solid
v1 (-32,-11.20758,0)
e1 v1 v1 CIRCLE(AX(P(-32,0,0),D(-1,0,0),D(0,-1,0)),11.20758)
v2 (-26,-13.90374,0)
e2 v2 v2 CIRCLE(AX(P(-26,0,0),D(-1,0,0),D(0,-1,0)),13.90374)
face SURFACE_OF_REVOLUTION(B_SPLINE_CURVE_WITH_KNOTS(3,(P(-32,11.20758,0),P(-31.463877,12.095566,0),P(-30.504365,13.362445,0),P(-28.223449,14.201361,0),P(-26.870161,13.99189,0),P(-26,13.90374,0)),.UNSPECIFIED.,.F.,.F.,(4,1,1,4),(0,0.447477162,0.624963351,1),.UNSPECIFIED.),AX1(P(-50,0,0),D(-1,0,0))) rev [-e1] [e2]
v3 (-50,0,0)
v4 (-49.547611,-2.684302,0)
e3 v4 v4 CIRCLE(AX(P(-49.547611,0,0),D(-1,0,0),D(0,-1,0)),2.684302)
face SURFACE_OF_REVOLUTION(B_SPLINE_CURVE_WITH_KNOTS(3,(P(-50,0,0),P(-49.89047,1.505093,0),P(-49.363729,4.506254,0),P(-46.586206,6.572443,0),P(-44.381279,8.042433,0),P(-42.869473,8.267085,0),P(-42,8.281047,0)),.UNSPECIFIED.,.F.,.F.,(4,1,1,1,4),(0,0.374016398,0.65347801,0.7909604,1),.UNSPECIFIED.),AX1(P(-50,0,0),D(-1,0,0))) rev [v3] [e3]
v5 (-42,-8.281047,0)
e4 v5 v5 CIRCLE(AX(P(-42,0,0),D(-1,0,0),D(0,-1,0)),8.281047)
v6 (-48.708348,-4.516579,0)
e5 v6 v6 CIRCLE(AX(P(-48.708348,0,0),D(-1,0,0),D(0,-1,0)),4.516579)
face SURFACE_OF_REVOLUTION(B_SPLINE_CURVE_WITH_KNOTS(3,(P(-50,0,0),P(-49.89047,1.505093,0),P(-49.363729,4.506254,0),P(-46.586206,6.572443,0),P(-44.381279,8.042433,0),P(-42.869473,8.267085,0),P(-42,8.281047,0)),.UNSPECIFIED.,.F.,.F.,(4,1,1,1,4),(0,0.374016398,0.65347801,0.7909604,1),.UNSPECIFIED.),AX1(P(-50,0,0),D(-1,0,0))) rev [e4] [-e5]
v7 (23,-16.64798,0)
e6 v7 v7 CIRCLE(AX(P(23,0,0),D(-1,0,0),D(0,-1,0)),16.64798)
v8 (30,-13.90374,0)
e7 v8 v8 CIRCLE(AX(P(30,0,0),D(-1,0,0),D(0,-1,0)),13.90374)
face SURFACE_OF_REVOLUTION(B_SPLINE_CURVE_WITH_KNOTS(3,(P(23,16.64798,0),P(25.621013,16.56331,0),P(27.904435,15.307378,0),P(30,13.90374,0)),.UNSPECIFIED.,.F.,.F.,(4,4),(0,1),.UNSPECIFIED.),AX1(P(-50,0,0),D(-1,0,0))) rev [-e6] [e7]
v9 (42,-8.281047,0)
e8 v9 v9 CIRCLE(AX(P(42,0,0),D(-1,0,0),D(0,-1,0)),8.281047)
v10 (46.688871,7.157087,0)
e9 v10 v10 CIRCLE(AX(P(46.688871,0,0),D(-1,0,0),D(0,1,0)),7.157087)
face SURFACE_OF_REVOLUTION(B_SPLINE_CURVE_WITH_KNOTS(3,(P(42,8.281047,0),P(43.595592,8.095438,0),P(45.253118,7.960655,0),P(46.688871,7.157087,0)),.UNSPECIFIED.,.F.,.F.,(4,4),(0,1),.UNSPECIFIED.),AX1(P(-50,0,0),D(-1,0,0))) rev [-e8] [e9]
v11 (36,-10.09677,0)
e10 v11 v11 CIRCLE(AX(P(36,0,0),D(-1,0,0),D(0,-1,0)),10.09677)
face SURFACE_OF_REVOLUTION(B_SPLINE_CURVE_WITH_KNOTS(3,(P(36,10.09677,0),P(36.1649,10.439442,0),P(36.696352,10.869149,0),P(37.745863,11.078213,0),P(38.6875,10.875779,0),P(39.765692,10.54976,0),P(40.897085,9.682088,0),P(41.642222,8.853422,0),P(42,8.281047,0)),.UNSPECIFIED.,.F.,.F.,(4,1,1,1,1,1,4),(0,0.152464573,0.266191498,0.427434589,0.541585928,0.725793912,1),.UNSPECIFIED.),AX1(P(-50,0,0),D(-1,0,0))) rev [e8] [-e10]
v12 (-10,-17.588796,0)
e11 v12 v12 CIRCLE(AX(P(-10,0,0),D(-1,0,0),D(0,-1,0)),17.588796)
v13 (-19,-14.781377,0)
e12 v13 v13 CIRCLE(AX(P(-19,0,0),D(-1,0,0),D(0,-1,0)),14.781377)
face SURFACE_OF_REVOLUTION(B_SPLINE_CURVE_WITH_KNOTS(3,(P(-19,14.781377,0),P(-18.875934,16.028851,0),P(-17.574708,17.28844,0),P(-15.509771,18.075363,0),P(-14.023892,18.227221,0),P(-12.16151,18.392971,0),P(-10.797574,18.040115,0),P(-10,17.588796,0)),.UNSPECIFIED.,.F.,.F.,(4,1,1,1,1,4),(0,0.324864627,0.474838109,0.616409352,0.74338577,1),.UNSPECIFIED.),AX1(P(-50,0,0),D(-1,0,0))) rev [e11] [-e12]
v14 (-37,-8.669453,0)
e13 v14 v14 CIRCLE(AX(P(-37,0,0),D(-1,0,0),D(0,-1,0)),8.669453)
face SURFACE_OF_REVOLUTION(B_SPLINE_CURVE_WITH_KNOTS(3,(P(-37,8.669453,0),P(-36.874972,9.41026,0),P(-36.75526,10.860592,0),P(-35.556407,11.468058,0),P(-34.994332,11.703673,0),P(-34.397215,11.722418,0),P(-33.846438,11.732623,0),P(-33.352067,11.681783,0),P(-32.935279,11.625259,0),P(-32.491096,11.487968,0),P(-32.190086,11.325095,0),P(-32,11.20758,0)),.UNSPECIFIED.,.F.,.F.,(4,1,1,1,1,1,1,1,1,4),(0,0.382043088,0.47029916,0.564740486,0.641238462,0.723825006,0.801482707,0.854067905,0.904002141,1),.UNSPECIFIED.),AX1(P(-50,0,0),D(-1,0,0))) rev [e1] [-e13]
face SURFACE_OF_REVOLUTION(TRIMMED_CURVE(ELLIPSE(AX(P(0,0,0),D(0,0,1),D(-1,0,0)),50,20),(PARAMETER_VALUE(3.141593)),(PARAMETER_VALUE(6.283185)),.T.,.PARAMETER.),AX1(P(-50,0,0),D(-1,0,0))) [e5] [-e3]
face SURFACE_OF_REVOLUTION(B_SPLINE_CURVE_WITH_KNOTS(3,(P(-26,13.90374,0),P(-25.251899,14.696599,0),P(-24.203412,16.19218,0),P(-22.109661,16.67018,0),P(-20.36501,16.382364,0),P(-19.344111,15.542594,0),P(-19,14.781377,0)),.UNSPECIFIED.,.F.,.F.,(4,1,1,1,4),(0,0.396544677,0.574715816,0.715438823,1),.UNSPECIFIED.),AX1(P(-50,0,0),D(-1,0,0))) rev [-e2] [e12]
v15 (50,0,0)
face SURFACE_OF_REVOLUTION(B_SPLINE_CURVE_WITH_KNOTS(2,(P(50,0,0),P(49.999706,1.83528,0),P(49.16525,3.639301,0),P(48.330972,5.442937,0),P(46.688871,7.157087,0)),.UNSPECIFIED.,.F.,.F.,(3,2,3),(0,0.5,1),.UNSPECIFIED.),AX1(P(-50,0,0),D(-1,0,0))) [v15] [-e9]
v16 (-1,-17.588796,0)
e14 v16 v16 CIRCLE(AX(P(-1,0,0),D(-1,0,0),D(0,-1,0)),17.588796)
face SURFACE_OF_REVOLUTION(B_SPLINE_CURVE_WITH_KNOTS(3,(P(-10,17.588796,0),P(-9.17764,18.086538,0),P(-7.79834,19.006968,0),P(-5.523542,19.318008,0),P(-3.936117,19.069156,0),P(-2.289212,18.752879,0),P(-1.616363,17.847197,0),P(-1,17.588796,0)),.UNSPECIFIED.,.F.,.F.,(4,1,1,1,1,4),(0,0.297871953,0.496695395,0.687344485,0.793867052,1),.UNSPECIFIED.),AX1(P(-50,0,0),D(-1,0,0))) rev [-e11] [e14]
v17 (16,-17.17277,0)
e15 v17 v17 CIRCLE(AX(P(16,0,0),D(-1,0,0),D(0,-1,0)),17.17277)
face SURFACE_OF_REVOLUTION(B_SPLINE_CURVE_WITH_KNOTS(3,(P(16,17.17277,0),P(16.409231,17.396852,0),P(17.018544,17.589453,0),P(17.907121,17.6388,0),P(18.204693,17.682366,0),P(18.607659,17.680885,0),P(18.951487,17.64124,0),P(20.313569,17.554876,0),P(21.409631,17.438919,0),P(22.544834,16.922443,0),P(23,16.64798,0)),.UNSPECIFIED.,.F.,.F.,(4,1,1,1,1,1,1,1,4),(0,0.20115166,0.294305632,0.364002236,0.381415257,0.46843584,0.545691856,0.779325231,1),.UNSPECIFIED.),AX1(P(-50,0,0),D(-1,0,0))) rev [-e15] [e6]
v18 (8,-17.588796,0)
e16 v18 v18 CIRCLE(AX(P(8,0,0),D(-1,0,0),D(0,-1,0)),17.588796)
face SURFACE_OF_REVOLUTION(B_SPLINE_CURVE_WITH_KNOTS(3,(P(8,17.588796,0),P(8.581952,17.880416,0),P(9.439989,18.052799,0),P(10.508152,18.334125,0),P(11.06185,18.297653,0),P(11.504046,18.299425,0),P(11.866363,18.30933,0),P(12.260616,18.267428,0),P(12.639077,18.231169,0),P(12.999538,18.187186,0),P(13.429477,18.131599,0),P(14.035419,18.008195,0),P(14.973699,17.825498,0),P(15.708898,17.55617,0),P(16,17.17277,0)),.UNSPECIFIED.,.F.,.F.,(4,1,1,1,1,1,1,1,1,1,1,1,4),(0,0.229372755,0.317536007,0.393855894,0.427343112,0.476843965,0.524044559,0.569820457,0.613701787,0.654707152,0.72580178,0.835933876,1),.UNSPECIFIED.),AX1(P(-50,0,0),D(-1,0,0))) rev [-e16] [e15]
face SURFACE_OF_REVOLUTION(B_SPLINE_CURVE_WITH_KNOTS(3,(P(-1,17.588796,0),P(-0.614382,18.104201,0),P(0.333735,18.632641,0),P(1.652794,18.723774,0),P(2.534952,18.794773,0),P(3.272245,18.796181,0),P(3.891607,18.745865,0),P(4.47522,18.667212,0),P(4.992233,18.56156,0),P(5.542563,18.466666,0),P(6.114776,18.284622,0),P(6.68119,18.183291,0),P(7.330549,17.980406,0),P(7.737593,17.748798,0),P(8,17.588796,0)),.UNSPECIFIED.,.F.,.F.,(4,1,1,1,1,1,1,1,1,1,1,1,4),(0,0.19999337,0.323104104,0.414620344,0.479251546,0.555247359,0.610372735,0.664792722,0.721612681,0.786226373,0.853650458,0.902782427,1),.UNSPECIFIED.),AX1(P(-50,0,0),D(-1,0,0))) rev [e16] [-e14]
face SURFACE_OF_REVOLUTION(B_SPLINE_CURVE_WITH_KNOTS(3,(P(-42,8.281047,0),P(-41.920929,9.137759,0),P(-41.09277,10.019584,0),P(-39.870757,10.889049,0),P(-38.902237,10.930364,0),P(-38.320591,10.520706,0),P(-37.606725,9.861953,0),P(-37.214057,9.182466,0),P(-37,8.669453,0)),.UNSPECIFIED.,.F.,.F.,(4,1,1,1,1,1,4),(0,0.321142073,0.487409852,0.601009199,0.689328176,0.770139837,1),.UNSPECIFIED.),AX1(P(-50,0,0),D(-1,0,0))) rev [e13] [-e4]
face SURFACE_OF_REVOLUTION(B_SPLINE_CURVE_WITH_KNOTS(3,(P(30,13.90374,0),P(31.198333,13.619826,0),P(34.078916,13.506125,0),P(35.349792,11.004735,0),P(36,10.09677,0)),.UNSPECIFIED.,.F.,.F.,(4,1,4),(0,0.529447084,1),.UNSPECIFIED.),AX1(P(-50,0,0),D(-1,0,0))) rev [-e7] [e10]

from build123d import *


with BuildPart() as part:
    # Schizzo1 → Rivoluzione4 (revolve)
    with BuildSketch(Plane.XY):
        with BuildLine():
            add(Edge.make_bspline(
                [(-42, 8.281047388), (-41.920928701, 9.137759341), (-41.092769971, 10.01958436), (-39.870756596, 10.889048912), (-38.902236872, 10.930364357), (-38.320590615, 10.520706331), (-37.60672462, 9.861952861), (-37.214057424, 9.182465857), (-37, 8.669452885)],
                knots=[0, 0, 0, 0, 0.321142073, 0.487409852, 0.601009199, 0.689328176, 0.770139837, 1, 1, 1, 1], degree=3))
            add(Edge.make_bspline(
                [(-48.708348286, 4.516579364), (-48.05033982, 5.483279796), (-46.586206378, 6.572443054), (-44.381278745, 8.042433256), (-42.86947313, 8.267085342), (-42, 8.281047388)],
                knots=[0.374016398, 0.374016398, 0.374016398, 0.374016398, 0.65347801, 0.7909604, 1, 1, 1, 1], degree=3))
            add(Edge.make_bspline(
                [(-48.708348286, 4.516579364), (-49.234755644, 3.608266029), (-49.547611076, 2.684302119)],
                knots=[6.055391404, 6.055391404, 6.055391404, 6.148563948, 6.148563948, 6.148563948], degree=2, weights=[1, 0.998915056, 1]))
            add(Edge.make_bspline(
                [(-50, 0), (-49.937064315, 0.864822942), (-49.810754354, 1.799843245), (-49.547611076, 2.684302119)],
                knots=[0, 0, 0, 0, 0.214909024, 0.214909024, 0.214909024, 0.214909024], degree=3))
            Line((-50, 0), (50, 0))
            add(Edge.make_bspline(
                [(50, 0), (50, 3.701091183), (46.688871247, 7.157086577)],
                knots=[3.141592654, 3.141592654, 3.141592654, 3.507561692, 3.507561692, 3.507561692], degree=2, weights=[1, 0.983304995, 1]))
            add(Edge.make_bspline(
                [(42, 8.281047388), (43.595591978, 8.095438288), (45.25311792, 7.960655244), (46.688871247, 7.157086577)],
                knots=[0, 0, 0, 0, 1, 1, 1, 1], degree=3))
            add(Edge.make_bspline(
                [(36, 10.096770015), (36.164899774, 10.439442319), (36.69635178, 10.869149237), (37.74586276, 11.078212866), (38.687500101, 10.875779286), (39.765691934, 10.549759727), (40.897084526, 9.682087738), (41.642222356, 8.853422002), (42, 8.281047388)],
                knots=[0, 0, 0, 0, 0.152464573, 0.266191498, 0.427434589, 0.541585928, 0.725793912, 1, 1, 1, 1], degree=3))
            add(Edge.make_bspline(
                [(30, 13.903740197), (31.198333342, 13.619825725), (34.078915725, 13.506124818), (35.349792204, 11.004735033), (36, 10.096770015)],
                knots=[0, 0, 0, 0, 0.529447084, 1, 1, 1, 1], degree=3))
            add(Edge.make_bspline(
                [(23, 16.647979824), (25.621013296, 16.563310264), (27.904434931, 15.307377925), (30, 13.903740197)],
                knots=[0, 0, 0, 0, 1, 1, 1, 1], degree=3))
            add(Edge.make_bspline(
                [(16, 17.172769626), (16.409230685, 17.396852459), (17.018543871, 17.589453258), (17.907121077, 17.638800006), (18.204693061, 17.682365713), (18.607659449, 17.680884862), (18.951486991, 17.64123991), (20.313568849, 17.554875914), (21.409631282, 17.438918614), (22.544834093, 16.92244332), (23, 16.647979824)],
                knots=[0, 0, 0, 0, 0.20115166, 0.294305632, 0.364002236, 0.381415257, 0.46843584, 0.545691856, 0.779325231, 1, 1, 1, 1], degree=3))
            add(Edge.make_bspline(
                [(8, 17.588795583), (8.581951722, 17.880415979), (9.439989163, 18.052799001), (10.508152133, 18.334125134), (11.0618502, 18.297653454), (11.504045551, 18.299425124), (11.866363218, 18.309329607), (12.260615533, 18.267428003), (12.639076817, 18.231168998), (12.999538019, 18.187185925), (13.429476861, 18.131599424), (14.035419037, 18.008194846), (14.973698644, 17.825498382), (15.708897745, 17.556170403), (16, 17.172769626)],
                knots=[0, 0, 0, 0, 0.229372755, 0.317536007, 0.393855894, 0.427343112, 0.476843965, 0.524044559, 0.569820457, 0.613701787, 0.654707152, 0.72580178, 0.835933876, 1, 1, 1, 1], degree=3))
            add(Edge.make_bspline(
                [(-1, 17.588795583), (-0.614381517, 18.104201355), (0.33373508, 18.632641409), (1.652794481, 18.723773831), (2.53495211, 18.794772534), (3.272245155, 18.796180751), (3.89160747, 18.745865054), (4.475220008, 18.667212173), (4.992232521, 18.561560177), (5.542562506, 18.466666486), (6.114775901, 18.284622468), (6.681189576, 18.183291401), (7.330549371, 17.980405814), (7.737592637, 17.748797975), (8, 17.588795583)],
                knots=[0, 0, 0, 0, 0.19999337, 0.323104104, 0.414620344, 0.479251546, 0.555247359, 0.610372735, 0.664792722, 0.721612681, 0.786226373, 0.853650458, 0.902782427, 1, 1, 1, 1], degree=3))
            add(Edge.make_bspline(
                [(-10, 17.588795583), (-9.177640336, 18.086537953), (-7.798339755, 19.006968429), (-5.523541506, 19.318007794), (-3.936116913, 19.069156303), (-2.289211867, 18.752878882), (-1.616362993, 17.847197056), (-1, 17.588795583)],
                knots=[0, 0, 0, 0, 0.297871953, 0.496695395, 0.687344485, 0.793867052, 1, 1, 1, 1], degree=3))
            add(Edge.make_bspline(
                [(-19, 14.781376887), (-18.875934195, 16.028850536), (-17.57470819, 17.288440009), (-15.509771075, 18.075362609), (-14.023892113, 18.227221045), (-12.161510462, 18.392970535), (-10.797574386, 18.040114527), (-10, 17.588795583)],
                knots=[0, 0, 0, 0, 0.324864627, 0.474838109, 0.616409352, 0.74338577, 1, 1, 1, 1], degree=3))
            add(Edge.make_bspline(
                [(-26, 13.903740197), (-25.251899359, 14.696598848), (-24.203412338, 16.192179565), (-22.10966123, 16.67017973), (-20.365009815, 16.382364292), (-19.344111288, 15.54259426), (-19, 14.781376887)],
                knots=[0, 0, 0, 0, 0.396544677, 0.574715816, 0.715438823, 1, 1, 1, 1], degree=3))
            add(Edge.make_bspline(
                [(-32, 11.207580376), (-31.463877263, 12.095566033), (-30.504364925, 13.362444514), (-28.223448583, 14.201361086), (-26.870161367, 13.991889653), (-26, 13.903740197)],
                knots=[0, 0, 0, 0, 0.447477162, 0.624963351, 1, 1, 1, 1], degree=3))
            add(Edge.make_bspline(
                [(-37, 8.669452885), (-36.87497218, 9.410259784), (-36.755259998, 10.860592392), (-35.556407174, 11.468057963), (-34.994332182, 11.703673338), (-34.397215298, 11.722417647), (-33.846437797, 11.732623301), (-33.352067001, 11.681783497), (-32.935278868, 11.625258925), (-32.491096234, 11.487967975), (-32.190086118, 11.325095327), (-32, 11.207580376)],
                knots=[0, 0, 0, 0, 0.382043088, 0.47029916, 0.564740486, 0.641238462, 0.723825006, 0.801482707, 0.854067905, 0.904002141, 1, 1, 1, 1], degree=3))
        make_face()
    revolve(axis=Axis((-50, 0, 0), (1, 0, 0)))


solid = part.part
